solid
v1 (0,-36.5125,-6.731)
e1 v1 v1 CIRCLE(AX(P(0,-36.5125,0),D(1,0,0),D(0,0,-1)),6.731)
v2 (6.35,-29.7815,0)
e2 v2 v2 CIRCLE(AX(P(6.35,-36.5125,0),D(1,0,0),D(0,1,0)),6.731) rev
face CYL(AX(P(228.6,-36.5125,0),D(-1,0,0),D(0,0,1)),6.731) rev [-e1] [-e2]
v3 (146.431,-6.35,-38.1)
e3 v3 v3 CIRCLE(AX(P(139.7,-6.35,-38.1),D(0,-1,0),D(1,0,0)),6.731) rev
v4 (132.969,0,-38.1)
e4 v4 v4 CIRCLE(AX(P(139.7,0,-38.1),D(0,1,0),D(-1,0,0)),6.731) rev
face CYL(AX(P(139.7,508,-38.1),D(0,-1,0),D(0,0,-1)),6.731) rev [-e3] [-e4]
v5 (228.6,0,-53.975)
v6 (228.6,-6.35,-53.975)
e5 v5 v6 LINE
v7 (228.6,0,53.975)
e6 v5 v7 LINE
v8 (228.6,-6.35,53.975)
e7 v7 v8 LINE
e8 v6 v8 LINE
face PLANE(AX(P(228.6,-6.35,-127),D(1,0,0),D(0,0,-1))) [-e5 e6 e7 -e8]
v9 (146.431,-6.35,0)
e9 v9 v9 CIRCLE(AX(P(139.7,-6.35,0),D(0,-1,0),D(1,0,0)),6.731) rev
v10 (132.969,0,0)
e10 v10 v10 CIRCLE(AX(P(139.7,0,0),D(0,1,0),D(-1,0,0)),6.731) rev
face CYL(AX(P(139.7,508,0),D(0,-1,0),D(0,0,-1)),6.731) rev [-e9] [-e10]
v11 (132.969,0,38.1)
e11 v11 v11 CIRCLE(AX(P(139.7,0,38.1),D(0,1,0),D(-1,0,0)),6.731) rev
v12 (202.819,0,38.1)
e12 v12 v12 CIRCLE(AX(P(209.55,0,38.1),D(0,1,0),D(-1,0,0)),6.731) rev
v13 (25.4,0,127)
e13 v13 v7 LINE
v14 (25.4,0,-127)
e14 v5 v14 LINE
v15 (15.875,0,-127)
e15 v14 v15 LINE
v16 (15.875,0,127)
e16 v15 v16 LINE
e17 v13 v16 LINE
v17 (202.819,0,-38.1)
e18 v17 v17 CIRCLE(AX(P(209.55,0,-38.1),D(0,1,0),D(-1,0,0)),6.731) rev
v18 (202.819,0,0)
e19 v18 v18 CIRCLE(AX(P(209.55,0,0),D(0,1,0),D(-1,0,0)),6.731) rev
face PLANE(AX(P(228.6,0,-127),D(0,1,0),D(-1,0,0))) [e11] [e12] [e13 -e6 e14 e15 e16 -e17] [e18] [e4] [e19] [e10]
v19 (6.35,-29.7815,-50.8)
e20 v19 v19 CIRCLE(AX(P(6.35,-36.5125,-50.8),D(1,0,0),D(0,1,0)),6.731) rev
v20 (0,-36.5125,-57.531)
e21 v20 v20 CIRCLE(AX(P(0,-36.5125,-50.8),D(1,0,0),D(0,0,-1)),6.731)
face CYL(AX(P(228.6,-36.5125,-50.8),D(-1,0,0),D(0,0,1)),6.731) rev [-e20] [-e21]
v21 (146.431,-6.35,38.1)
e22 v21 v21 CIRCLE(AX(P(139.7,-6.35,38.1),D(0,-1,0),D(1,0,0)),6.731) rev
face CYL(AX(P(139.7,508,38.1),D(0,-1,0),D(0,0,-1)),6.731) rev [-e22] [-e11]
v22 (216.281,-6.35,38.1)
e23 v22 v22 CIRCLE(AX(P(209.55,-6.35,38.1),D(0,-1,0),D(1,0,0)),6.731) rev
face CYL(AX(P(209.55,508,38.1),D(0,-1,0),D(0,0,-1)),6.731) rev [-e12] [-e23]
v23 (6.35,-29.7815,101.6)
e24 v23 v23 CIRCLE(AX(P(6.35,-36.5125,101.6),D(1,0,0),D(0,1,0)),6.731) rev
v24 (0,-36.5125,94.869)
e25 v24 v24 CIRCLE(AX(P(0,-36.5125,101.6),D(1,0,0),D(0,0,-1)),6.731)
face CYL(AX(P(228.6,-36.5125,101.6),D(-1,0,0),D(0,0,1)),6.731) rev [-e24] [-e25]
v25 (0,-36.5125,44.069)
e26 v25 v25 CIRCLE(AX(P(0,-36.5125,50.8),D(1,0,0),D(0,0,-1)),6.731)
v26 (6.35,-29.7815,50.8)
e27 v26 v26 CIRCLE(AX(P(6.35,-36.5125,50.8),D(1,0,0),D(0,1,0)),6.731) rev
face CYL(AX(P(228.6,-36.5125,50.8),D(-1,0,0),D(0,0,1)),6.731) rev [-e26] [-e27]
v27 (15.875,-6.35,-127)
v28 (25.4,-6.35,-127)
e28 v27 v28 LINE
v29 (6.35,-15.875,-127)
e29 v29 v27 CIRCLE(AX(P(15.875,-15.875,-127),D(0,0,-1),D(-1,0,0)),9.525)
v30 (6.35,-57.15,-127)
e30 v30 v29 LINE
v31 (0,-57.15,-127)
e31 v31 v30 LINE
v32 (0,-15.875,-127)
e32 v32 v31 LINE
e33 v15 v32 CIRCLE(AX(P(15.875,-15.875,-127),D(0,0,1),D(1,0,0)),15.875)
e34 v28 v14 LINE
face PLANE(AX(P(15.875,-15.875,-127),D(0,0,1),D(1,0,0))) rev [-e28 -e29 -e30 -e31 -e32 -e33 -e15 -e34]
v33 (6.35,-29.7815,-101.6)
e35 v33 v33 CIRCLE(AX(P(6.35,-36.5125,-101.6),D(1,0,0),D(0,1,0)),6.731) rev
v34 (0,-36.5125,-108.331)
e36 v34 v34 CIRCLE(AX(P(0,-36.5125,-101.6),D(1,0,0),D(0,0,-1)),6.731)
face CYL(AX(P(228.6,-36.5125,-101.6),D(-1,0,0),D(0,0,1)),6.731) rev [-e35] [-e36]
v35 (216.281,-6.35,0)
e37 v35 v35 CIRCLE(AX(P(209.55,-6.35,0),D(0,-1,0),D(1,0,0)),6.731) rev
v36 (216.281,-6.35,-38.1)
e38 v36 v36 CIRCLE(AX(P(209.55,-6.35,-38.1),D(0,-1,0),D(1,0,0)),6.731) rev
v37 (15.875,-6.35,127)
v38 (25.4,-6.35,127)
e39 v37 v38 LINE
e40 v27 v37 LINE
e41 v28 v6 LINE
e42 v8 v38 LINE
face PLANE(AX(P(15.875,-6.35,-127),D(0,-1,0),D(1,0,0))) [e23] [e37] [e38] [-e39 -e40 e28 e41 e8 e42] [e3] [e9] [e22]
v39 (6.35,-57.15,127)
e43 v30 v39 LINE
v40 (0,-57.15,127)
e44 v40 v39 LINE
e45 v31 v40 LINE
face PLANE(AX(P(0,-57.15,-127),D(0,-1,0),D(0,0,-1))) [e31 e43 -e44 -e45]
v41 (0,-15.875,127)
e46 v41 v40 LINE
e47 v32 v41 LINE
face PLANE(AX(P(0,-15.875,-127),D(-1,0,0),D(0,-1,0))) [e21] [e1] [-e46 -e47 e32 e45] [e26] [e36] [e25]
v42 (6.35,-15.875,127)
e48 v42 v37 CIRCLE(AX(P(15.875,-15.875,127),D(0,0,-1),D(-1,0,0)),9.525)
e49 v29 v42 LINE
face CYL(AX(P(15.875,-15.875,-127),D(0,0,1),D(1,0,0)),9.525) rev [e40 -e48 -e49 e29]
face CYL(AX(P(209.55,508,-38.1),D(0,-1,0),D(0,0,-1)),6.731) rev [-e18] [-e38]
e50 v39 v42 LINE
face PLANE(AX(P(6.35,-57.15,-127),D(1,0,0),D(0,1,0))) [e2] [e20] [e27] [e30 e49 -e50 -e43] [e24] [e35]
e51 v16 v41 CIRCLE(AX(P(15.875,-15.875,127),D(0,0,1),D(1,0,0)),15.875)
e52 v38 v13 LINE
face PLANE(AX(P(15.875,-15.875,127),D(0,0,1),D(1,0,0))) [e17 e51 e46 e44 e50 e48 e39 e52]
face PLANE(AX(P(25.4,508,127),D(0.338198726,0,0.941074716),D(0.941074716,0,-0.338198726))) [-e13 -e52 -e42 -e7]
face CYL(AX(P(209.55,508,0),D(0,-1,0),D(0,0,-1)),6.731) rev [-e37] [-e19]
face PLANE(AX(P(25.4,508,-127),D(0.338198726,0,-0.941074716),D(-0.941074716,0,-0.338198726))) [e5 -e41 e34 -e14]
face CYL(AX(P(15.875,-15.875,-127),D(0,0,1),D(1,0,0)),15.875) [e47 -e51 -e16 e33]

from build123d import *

# Parameters (mm, degrees)
EXTRUDE1_DEPTH         = 127
SKETCH2_R              = 6.731
CUT_CHAMFER_DEPTH      = 508
CUT_CHAMFER_DEPTH_BACK = 58.15
SKETCH3_R              = 6.731
CUT_HOLES_DEPTH        = 229.6


with BuildPart() as part:
    # Sketch1 → Extrude1 (new body, symmetric)
    with BuildSketch(Plane.XY):
        with BuildLine():
            Line((228.6, 0), (15.875, 0))
            ThreePointArc((15.875, 0), (4.649679849, -4.649679849), (0, -15.875))
            Line((0, -15.875), (0, -57.15))
            Line((0, -57.15), (6.35, -57.15))
            Line((6.35, -57.15), (6.35, -15.875))
            ThreePointArc((6.35, -15.875), (9.139807909, -9.139807909), (15.875, -6.35))
            Line((15.875, -6.35), (228.6, -6.35))
            Line((228.6, -6.35), (228.6, 0))
        make_face()
    extrude(amount=EXTRUDE1_DEPTH, both=True)

    # Sketch2 → Cut-Chamfer (cut, two sides)
    with BuildSketch(Plane(origin=(0, 0, 0), x_dir=(1, 0, 0), z_dir=(0, 1, 0))) as cut_chamfer_sk:
        with Locations((209.55, 38.1)):
            Circle(SKETCH2_R)
        with Locations((139.7, 38.1)):
            Circle(SKETCH2_R)
        with Locations((209.55, 0)):
            Circle(SKETCH2_R)
        with Locations((139.7, 0)):
            Circle(SKETCH2_R)
        with Locations((139.7, -38.1)):
            Circle(SKETCH2_R)
        with Locations((209.55, -38.1)):
            Circle(SKETCH2_R)
        Polygon((25.4, 127), (228.6, 53.975), (228.6, 127), align=None)
        Polygon((228.6, -53.975), (228.6, -127), (25.4, -127), align=None)
    extrude(amount=CUT_CHAMFER_DEPTH, mode=Mode.SUBTRACT)
    extrude(cut_chamfer_sk.sketch, amount=-CUT_CHAMFER_DEPTH_BACK, mode=Mode.SUBTRACT)

    # Sketch3 → Cut-Holes (cut, through all)
    with BuildSketch(Plane(origin=(0, 0, 0), x_dir=(0, 0, -1), z_dir=(1, 0, 0))):
        with Locations((0, -36.5125)):
            Circle(SKETCH3_R)
        with Locations((101.6, -36.5125)):
            Circle(SKETCH3_R)
        with Locations((0, -150.8125)):
            Circle(SKETCH3_R)
        with Locations((101.6, -150.8125)):
            Circle(SKETCH3_R)
        with Locations((-101.6, -36.5125)):
            Circle(SKETCH3_R)
        with Locations((-101.6, -150.8125)):
            Circle(SKETCH3_R)
        with Locations((-50.8, -36.5125)):
            Circle(SKETCH3_R)
        with Locations((50.8, -36.5125)):
            Circle(SKETCH3_R)
        with Locations((50.8, -150.8125)):
            Circle(SKETCH3_R)
        with Locations((-50.8, -150.8125)):
            Circle(SKETCH3_R)
    extrude(amount=CUT_HOLES_DEPTH, mode=Mode.SUBTRACT)


solid = part.part
